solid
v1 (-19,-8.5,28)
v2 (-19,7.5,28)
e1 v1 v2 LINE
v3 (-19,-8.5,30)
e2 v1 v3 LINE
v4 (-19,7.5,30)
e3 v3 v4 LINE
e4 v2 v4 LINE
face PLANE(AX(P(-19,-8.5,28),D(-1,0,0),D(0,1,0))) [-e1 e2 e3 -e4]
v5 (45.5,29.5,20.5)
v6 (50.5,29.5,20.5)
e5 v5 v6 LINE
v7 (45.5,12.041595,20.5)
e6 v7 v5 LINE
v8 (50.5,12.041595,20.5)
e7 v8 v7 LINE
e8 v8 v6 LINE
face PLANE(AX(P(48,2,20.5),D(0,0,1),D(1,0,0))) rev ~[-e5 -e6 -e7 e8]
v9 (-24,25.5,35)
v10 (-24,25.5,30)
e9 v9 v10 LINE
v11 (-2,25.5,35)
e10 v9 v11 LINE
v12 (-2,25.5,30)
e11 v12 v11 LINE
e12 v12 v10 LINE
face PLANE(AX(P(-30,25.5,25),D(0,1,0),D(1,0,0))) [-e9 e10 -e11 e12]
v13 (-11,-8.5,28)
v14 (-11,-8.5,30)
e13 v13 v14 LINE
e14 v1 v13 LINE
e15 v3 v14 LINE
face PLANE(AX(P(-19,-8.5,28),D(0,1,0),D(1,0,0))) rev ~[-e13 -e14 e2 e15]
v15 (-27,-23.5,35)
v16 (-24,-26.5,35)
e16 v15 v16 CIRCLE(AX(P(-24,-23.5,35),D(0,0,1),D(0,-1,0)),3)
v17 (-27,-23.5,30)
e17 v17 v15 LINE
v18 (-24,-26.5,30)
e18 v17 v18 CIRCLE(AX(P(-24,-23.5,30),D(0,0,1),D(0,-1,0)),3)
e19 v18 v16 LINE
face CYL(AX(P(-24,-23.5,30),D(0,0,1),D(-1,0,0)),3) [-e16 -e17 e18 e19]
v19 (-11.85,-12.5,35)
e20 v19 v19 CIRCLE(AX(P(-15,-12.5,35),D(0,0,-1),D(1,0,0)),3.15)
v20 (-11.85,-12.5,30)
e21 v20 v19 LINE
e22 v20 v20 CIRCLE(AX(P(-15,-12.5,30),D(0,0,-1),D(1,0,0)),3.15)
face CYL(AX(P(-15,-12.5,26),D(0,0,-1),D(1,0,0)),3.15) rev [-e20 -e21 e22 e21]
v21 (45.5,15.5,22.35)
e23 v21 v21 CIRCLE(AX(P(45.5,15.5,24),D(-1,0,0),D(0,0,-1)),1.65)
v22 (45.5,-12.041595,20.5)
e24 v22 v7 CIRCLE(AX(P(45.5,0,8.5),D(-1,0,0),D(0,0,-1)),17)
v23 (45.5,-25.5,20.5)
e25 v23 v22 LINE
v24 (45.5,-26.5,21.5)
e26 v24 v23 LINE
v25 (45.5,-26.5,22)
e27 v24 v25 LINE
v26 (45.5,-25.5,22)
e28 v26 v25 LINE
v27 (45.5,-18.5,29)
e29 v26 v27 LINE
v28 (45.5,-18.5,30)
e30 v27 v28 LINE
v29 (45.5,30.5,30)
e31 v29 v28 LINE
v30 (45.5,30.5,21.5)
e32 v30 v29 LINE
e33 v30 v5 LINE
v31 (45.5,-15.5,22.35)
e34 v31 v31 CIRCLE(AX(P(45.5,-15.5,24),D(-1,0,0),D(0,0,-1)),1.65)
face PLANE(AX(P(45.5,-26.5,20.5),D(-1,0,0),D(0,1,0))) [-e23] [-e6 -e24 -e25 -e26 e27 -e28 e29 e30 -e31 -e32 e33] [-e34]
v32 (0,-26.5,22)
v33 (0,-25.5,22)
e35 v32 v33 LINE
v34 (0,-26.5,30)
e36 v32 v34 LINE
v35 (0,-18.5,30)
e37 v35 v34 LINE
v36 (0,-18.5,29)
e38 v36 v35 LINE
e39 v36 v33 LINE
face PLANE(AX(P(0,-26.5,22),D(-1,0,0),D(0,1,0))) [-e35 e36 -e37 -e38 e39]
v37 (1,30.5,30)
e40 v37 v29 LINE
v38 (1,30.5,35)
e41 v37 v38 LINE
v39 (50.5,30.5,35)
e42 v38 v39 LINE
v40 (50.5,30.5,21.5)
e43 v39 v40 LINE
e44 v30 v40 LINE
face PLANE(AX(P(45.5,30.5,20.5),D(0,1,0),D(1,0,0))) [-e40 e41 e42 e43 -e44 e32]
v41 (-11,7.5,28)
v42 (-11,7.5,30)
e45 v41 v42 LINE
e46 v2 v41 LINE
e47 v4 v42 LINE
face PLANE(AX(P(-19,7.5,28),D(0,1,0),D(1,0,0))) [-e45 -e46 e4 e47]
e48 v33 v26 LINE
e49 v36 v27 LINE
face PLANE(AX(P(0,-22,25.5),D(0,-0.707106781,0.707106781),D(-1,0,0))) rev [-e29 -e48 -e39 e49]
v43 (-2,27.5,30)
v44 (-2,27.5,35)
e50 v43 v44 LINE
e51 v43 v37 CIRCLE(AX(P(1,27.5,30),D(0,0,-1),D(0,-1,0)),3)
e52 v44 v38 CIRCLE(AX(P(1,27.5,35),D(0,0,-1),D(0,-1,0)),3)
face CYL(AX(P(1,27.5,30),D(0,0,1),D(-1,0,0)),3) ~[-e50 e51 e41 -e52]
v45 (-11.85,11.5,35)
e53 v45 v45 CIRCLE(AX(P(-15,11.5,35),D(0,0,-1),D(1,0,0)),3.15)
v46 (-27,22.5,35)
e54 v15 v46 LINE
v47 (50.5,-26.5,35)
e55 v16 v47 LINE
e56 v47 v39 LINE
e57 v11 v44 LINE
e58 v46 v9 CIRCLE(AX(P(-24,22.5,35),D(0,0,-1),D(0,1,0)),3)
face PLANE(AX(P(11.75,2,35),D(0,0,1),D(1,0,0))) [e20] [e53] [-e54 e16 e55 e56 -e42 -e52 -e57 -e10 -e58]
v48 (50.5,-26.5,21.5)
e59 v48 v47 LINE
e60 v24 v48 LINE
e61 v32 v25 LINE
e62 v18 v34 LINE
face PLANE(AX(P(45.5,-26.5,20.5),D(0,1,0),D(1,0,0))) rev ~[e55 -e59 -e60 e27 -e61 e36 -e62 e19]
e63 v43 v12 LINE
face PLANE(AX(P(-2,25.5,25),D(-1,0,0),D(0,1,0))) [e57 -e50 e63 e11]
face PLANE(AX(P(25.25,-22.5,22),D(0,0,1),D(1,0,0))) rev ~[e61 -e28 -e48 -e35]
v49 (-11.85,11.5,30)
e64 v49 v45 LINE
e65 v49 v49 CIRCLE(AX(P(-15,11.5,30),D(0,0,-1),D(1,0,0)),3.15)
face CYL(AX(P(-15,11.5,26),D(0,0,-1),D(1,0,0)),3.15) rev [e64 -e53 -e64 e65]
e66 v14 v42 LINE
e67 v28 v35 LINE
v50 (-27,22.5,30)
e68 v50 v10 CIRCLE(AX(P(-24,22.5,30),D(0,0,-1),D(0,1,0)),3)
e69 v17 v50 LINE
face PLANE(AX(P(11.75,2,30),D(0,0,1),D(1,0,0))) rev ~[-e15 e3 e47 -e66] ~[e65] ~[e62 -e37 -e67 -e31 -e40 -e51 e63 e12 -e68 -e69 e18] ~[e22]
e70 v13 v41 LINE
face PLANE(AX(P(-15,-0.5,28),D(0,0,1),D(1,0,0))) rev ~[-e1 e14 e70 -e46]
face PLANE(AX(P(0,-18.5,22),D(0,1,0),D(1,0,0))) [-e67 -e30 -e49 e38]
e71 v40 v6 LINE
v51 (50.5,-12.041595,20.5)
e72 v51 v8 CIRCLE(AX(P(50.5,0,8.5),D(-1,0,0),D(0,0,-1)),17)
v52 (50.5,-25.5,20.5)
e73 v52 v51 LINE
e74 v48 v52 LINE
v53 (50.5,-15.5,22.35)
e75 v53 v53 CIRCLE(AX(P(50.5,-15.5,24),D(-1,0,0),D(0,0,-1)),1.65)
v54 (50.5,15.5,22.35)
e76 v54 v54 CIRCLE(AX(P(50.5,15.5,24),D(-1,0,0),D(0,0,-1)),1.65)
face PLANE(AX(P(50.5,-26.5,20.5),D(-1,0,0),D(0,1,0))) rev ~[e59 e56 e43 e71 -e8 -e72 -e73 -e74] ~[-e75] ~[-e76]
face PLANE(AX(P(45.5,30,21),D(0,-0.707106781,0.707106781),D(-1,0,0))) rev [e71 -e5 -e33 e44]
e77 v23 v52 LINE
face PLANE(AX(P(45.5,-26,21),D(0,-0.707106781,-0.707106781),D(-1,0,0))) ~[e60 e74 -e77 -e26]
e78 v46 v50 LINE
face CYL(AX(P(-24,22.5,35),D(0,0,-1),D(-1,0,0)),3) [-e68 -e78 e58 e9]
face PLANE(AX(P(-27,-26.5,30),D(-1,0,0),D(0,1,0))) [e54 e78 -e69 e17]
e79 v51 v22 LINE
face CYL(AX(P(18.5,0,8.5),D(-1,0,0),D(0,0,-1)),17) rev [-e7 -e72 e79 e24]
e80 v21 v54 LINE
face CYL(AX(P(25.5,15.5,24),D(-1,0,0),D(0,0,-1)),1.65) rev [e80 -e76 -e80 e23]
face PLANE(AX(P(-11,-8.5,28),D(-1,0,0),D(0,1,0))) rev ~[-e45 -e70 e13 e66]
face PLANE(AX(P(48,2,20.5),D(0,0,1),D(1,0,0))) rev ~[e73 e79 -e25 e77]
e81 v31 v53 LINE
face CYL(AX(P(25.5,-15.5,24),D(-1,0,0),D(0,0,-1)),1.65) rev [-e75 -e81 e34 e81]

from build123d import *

# Parameters (mm, degrees)
CYLINDER026_R     = 3.15
CYLINDER026_DEPTH = 10
CYLINDER027_R     = 3.15
CYLINDER027_DEPTH = 10
CYLINDER028_R     = 1.65
CYLINDER028_DEPTH = 83
CYLINDER029_R     = 1.65
CYLINDER029_DEPTH = 83
BOX022_W          = 50.5
BOX022_H          = 8
BOX022_DEPTH      = 9
CHAMFER026_SIZE   = 7
CYLINDER025_R     = 17
CYLINDER025_DEPTH = 83
BOX021_W          = 5
BOX021_H          = 57
BOX021_DEPTH      = 10
CHAMFER027_SIZE   = 1
BOX024_W          = 8
BOX024_H          = 16
BOX024_DEPTH      = 2
BOX036_W          = 28
BOX036_H          = 14
BOX036_DEPTH      = 10
BOX023_W          = 77.5
BOX023_H          = 57
BOX023_DEPTH      = 5
FILLET002_R       = 3


with BuildPart() as cylinder012:
    # Cylinder026 → Cylinder026 (new body)
    with BuildSketch(Plane(origin=(-15, 11.5, 26), x_dir=(1, 0, 0), z_dir=(0, 0, 1))):
        Circle(CYLINDER026_R)
    extrude(amount=CYLINDER026_DEPTH)


with BuildPart() as fusion006002011004053036004001028003008:
    # Cylinder027 → Cylinder027 (new body)
    with BuildSketch(Plane(origin=(-15, -12.5, 26), x_dir=(1, 0, 0), z_dir=(0, 0, 1))):
        Circle(CYLINDER027_R)
    extrude(amount=CYLINDER027_DEPTH)

    # Fusion006002011004053036004001028003008: union Cylinder012
    add(cylinder012.part)


with BuildPart() as posa007:
    # Cylinder028 → Cylinder028 (new body)
    with BuildSketch(Plane(origin=(25.5, -15.5, 24), x_dir=(0, 0, -1), z_dir=(1, 0, 0))):
        Circle(CYLINDER028_R)
    extrude(amount=CYLINDER028_DEPTH)


with BuildPart() as fusion006002011004053036004001024:
    # Cylinder029 → Cylinder029 (new body)
    with BuildSketch(Plane(origin=(25.5, 15.5, 24), x_dir=(0, 0, -1), z_dir=(1, 0, 0))):
        Circle(CYLINDER029_R)
    extrude(amount=CYLINDER029_DEPTH)

    # Fusion006002011004053036004001024: union POSA007
    add(posa007.part)


with BuildPart() as chamfer026:
    # Box022 → Box022 (new body)
    with BuildSketch(Plane(origin=(0, -26.5, 22), x_dir=(1, 0, 0), z_dir=(0, 0, 1))):
        with Locations((25.25, 4)):
            Rectangle(BOX022_W, BOX022_H)
    extrude(amount=BOX022_DEPTH)

    # Chamfer026
    chamfer026_edges = [chamfer026.edges().sort_by_distance(p)[0] for p in [
        (25.25, -18.5, 22),
    ]]
    chamfer(chamfer026_edges, length=CHAMFER026_SIZE)


with BuildPart() as posa006:
    # Cylinder025 → Cylinder025 (new body)
    with BuildSketch(Plane(origin=(18.5, 0, 8.5), x_dir=(0, 0, -1), z_dir=(1, 0, 0))):
        Circle(CYLINDER025_R)
    extrude(amount=CYLINDER025_DEPTH)


with BuildPart() as cut001022:
    # Box021 → Box021 (new body)
    with BuildSketch(Plane(origin=(45.5, -26.5, 20.5), x_dir=(1, 0, 0), z_dir=(0, 0, 1))):
        with Locations((2.5, 28.5)):
            Rectangle(BOX021_W, BOX021_H)
    extrude(amount=BOX021_DEPTH)

    # Chamfer027
    chamfer027_edges = [cut001022.edges().sort_by_distance(p)[0] for p in [
        (48, -26.5, 20.5),
        (48, 30.5, 20.5),
    ]]
    chamfer(chamfer027_edges, length=CHAMFER027_SIZE)

    # Cut001022: cut POSA006
    add(posa006.part, mode=Mode.SUBTRACT)


with BuildPart() as cube024:
    # Box024 → Box024 (new body)
    with BuildSketch(Plane(origin=(-19, -8.5, 28), x_dir=(1, 0, 0), z_dir=(0, 0, 1))):
        with Locations((4, 8)):
            Rectangle(BOX024_W, BOX024_H)
    extrude(amount=BOX024_DEPTH)


with BuildPart() as cube036:
    # Box036 → Box036 (new body)
    with BuildSketch(Plane(origin=(-30, 25.5, 25), x_dir=(1, 0, 0), z_dir=(0, 0, 1))):
        with Locations((14, 7)):
            Rectangle(BOX036_W, BOX036_H)
    extrude(amount=BOX036_DEPTH)


with BuildPart() as cut001024014:
    # Box023 → Box023 (new body)
    with BuildSketch(Plane(origin=(-27, -26.5, 30), x_dir=(1, 0, 0), z_dir=(0, 0, 1))):
        with Locations((38.75, 28.5)):
            Rectangle(BOX023_W, BOX023_H)
    extrude(amount=BOX023_DEPTH)

    # Cut001024012: cut Cube036
    add(cube036.part, mode=Mode.SUBTRACT)

    # Fillet002
    fillet002_edges = [cut001024014.edges().sort_by_distance(p)[0] for p in [
        (-27, 25.5, 32.5),
        (-27, -26.5, 32.5),
        (-2, 30.5, 32.5),
    ]]
    fillet(fillet002_edges, radius=FILLET002_R)

    # Fusion006002011004053036004001028003007: union Chamfer026, Cut001022, Cube024
    add(chamfer026.part)
    add(cut001022.part)
    add(cube024.part)

    # Cut001024013: cut Fusion006002011004053036004001024
    add(fusion006002011004053036004001024.part, mode=Mode.SUBTRACT)

    # Cut001024014: cut Fusion006002011004053036004001028003008
    add(fusion006002011004053036004001028003008.part, mode=Mode.SUBTRACT)


solid = cut001024014.part
